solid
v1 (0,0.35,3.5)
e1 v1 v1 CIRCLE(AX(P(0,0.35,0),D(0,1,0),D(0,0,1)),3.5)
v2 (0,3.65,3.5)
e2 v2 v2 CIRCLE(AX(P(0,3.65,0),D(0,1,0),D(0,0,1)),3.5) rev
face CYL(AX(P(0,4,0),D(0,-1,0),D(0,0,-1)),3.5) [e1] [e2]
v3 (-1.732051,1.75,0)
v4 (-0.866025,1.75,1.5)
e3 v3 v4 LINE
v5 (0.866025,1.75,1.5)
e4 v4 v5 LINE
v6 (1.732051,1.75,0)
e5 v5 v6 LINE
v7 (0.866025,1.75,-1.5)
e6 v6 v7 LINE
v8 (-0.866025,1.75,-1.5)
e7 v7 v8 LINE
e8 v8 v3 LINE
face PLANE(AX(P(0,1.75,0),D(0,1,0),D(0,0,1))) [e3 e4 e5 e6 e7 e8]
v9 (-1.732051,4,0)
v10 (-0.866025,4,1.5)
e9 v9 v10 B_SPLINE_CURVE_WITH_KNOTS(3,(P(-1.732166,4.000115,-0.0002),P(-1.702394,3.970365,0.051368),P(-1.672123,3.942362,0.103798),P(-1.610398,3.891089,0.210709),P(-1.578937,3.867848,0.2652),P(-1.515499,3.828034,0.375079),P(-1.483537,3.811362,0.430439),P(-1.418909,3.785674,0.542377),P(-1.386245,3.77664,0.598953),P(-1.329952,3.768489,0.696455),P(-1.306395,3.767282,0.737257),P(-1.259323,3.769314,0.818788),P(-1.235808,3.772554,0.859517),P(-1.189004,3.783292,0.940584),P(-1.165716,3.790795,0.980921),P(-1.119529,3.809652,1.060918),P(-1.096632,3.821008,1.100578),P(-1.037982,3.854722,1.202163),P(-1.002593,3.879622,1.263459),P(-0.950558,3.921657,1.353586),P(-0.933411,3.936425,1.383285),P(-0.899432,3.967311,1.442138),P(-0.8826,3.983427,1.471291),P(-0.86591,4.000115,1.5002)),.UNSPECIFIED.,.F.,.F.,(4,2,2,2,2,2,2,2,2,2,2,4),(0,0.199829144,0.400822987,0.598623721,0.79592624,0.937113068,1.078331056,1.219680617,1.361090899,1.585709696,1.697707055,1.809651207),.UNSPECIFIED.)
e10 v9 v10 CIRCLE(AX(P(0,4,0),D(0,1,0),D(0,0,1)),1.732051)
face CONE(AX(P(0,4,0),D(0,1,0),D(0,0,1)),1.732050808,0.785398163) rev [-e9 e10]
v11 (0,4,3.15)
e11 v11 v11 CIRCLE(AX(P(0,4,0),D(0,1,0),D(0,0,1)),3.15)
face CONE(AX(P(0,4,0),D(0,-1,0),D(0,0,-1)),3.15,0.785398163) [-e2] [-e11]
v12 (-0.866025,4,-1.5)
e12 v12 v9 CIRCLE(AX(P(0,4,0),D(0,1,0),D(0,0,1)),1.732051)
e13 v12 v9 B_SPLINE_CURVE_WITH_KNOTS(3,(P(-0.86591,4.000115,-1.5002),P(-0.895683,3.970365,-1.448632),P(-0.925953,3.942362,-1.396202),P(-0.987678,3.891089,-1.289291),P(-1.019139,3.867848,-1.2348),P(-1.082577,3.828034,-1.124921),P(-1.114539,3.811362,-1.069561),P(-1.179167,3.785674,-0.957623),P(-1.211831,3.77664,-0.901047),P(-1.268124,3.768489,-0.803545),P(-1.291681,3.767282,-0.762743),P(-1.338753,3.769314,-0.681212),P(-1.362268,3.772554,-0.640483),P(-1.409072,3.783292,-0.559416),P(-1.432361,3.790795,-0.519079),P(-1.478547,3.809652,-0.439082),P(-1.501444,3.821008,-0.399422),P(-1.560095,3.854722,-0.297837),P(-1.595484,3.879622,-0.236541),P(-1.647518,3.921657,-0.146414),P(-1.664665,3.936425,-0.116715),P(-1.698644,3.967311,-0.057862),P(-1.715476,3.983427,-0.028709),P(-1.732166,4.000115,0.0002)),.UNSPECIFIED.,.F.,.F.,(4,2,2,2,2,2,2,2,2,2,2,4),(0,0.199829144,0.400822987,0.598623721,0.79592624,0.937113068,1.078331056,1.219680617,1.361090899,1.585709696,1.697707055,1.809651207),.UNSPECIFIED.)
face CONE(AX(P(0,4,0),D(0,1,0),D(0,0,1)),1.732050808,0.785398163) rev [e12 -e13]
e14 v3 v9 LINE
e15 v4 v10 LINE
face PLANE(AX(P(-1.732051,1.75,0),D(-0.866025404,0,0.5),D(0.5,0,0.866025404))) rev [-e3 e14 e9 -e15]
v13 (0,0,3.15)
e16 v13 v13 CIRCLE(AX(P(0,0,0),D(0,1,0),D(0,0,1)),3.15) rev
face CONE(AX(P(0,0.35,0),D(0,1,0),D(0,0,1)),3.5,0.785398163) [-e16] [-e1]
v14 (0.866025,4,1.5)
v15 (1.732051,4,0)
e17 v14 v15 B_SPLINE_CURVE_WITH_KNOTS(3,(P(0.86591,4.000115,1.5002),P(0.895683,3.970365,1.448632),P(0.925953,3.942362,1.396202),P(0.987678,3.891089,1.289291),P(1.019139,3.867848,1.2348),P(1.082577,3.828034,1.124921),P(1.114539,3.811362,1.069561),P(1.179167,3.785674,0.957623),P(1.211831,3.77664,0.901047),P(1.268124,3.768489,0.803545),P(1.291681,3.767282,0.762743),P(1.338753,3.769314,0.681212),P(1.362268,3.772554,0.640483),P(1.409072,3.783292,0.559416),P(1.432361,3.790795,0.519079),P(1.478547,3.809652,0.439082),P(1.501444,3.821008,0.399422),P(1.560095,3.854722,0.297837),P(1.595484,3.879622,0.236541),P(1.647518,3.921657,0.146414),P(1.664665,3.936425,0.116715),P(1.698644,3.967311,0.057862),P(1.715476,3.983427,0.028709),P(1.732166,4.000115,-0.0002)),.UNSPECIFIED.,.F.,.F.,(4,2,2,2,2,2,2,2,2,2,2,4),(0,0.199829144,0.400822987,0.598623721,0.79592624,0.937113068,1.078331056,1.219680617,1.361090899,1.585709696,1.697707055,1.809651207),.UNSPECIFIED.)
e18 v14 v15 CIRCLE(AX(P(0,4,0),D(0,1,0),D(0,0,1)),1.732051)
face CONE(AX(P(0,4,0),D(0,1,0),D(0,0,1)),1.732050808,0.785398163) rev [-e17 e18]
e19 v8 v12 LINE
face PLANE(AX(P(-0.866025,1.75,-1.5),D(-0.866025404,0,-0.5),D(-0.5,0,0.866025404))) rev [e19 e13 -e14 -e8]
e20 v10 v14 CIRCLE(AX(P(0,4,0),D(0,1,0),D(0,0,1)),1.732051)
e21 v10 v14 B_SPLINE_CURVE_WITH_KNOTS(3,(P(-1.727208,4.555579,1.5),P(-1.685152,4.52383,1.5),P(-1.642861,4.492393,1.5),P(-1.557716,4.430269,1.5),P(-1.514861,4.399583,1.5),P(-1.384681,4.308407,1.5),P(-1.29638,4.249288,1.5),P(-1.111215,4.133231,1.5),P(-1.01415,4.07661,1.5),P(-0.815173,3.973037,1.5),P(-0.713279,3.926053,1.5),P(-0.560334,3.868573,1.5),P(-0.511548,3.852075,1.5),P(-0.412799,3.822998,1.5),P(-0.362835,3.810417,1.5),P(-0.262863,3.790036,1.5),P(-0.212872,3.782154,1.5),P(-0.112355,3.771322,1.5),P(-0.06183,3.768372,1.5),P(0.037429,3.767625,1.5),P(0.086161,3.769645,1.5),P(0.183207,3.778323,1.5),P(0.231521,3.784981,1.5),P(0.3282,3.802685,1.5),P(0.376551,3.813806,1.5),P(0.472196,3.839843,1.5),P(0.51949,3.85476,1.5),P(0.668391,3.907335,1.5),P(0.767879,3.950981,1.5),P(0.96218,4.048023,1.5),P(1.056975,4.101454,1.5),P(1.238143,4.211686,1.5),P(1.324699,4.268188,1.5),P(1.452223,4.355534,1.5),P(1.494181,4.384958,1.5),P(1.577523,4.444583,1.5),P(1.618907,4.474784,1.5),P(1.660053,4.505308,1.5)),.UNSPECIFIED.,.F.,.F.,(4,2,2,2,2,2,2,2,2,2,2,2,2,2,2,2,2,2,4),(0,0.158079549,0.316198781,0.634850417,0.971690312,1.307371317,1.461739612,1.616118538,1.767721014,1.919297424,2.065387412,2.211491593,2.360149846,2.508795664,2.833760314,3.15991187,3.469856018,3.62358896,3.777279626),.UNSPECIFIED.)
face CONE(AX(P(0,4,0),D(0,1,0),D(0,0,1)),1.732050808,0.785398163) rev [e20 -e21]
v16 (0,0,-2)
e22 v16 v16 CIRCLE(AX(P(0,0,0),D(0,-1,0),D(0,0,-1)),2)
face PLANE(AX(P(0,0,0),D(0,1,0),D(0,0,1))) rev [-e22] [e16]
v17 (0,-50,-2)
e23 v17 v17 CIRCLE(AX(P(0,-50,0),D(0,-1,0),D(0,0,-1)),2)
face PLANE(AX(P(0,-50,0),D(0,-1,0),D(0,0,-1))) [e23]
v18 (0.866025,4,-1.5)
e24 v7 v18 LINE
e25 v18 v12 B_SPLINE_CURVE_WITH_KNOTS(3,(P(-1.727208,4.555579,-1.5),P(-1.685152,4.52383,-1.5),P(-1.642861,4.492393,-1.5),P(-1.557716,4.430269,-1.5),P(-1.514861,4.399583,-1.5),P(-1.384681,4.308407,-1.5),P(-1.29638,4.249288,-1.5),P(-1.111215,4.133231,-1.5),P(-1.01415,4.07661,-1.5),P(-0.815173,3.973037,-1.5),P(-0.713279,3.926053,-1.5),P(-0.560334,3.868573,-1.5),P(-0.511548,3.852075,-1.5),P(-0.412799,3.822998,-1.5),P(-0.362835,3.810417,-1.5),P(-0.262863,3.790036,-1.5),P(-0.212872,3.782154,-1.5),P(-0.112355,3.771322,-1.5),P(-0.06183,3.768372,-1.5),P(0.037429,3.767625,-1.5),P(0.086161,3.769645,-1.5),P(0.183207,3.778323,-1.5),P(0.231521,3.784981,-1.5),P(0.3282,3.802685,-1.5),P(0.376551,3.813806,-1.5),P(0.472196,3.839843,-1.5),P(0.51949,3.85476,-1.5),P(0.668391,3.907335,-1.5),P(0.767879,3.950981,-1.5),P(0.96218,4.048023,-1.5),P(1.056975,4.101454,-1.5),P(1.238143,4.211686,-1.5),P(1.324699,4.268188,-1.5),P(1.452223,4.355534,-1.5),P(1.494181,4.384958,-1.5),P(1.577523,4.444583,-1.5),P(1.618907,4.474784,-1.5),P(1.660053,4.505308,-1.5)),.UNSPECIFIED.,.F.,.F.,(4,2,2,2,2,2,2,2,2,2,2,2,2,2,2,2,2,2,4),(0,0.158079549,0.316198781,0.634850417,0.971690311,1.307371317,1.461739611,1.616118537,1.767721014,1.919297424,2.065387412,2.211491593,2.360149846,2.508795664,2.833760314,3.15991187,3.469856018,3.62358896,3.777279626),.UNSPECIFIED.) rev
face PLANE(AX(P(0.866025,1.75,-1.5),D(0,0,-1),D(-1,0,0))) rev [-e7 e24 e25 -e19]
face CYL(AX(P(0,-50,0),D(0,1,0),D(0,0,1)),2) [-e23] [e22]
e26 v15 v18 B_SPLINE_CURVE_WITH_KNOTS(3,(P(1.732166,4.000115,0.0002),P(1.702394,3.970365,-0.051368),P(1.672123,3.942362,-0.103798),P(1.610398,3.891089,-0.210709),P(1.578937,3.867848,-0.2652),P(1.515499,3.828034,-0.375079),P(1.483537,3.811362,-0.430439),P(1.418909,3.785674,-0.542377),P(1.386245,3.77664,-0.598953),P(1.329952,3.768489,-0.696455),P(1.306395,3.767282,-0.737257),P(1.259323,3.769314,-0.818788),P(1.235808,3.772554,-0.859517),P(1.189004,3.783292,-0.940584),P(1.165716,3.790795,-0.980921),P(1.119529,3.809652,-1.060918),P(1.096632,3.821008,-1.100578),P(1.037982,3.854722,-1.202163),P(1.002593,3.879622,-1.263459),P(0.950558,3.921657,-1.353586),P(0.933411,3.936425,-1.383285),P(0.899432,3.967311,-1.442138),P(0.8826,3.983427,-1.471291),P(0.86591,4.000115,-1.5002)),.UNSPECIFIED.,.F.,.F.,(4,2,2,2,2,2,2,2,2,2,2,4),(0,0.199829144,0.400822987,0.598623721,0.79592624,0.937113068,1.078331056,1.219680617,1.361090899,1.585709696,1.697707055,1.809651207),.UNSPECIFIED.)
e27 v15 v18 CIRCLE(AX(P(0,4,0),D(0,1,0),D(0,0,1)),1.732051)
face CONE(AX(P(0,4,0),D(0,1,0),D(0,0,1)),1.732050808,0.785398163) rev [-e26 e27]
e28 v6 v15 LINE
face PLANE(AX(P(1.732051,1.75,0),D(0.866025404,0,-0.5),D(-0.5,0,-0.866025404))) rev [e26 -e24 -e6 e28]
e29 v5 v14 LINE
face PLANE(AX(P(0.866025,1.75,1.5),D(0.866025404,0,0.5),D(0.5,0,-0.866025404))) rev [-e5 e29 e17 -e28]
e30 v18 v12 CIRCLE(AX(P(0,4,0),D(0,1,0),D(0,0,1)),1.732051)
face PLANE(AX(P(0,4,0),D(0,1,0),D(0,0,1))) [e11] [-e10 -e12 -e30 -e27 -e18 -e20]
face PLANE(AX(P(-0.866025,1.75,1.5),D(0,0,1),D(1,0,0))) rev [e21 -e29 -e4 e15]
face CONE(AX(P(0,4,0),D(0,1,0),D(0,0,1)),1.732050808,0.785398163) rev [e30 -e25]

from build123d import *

# Parameters (mm, degrees)
SKETCH1_R           = 3.5
BOSS_EXTRUDE1_DEPTH = 4
CUT_EXTRUDE1_DEPTH  = 2.25
CHAMFER1_SIZE       = 0.35
SKETCH_1_R          = 2
EXTRUDE_1_DEPTH     = 50


with BuildPart() as part:
    # Sketch1 → Boss-Extrude1 (new body)
    with BuildSketch(Plane(origin=(0, 0, 0), x_dir=(1, 0, 0), z_dir=(0, 1, 0))):
        with Locations(Location((0, 0, 0), (0, 0, 270))):
            Circle(SKETCH1_R)
    extrude(amount=BOSS_EXTRUDE1_DEPTH)

    # Sketch2 → Cut-Extrude1 (cut)
    with BuildSketch(Plane(origin=(0, 4, 0), x_dir=(1, 0, 0), z_dir=(0, 1, 0))):
        Polygon((0.866025404, 1.5), (-0.866025404, 1.5), (-1.732050808, 0), (-0.866025404, -1.5), (0.866025404, -1.5), (1.732050808, 0), align=None)
    extrude(amount=-CUT_EXTRUDE1_DEPTH, mode=Mode.SUBTRACT)

    # Cut-Extrude2 cone 1 section (through the dimple's axis) → Cut-Extrude2 (revolve, cut)
    with BuildSketch(Plane(origin=(0, 4, 0), x_dir=(0, 0, 1), z_dir=(1, 0, 0))):
        Polygon((0, 0), (1.732050808, 0), (0, 1.732050808), align=None)
    revolve(axis=Axis((0, 4, 0), (0, -1, 0)), mode=Mode.SUBTRACT)

    # Chamfer1
    chamfer1_edges = [part.edges().sort_by_distance(p)[0] for p in [
        (0, 0, -3.5),
        (0, 4, -3.5),
    ]]
    chamfer(chamfer1_edges, length=CHAMFER1_SIZE)

    # 草图1 → 凸台-拉伸1 (add)
    with BuildSketch(Plane(origin=(0, 0, 0), x_dir=(-1, 0, 0), z_dir=(0, -1, 0))):
        with Locations(Location((0, 0, 0), (0, 0, 90))):
            Circle(SKETCH_1_R)
    extrude(amount=EXTRUDE_1_DEPTH)


solid = part.part
